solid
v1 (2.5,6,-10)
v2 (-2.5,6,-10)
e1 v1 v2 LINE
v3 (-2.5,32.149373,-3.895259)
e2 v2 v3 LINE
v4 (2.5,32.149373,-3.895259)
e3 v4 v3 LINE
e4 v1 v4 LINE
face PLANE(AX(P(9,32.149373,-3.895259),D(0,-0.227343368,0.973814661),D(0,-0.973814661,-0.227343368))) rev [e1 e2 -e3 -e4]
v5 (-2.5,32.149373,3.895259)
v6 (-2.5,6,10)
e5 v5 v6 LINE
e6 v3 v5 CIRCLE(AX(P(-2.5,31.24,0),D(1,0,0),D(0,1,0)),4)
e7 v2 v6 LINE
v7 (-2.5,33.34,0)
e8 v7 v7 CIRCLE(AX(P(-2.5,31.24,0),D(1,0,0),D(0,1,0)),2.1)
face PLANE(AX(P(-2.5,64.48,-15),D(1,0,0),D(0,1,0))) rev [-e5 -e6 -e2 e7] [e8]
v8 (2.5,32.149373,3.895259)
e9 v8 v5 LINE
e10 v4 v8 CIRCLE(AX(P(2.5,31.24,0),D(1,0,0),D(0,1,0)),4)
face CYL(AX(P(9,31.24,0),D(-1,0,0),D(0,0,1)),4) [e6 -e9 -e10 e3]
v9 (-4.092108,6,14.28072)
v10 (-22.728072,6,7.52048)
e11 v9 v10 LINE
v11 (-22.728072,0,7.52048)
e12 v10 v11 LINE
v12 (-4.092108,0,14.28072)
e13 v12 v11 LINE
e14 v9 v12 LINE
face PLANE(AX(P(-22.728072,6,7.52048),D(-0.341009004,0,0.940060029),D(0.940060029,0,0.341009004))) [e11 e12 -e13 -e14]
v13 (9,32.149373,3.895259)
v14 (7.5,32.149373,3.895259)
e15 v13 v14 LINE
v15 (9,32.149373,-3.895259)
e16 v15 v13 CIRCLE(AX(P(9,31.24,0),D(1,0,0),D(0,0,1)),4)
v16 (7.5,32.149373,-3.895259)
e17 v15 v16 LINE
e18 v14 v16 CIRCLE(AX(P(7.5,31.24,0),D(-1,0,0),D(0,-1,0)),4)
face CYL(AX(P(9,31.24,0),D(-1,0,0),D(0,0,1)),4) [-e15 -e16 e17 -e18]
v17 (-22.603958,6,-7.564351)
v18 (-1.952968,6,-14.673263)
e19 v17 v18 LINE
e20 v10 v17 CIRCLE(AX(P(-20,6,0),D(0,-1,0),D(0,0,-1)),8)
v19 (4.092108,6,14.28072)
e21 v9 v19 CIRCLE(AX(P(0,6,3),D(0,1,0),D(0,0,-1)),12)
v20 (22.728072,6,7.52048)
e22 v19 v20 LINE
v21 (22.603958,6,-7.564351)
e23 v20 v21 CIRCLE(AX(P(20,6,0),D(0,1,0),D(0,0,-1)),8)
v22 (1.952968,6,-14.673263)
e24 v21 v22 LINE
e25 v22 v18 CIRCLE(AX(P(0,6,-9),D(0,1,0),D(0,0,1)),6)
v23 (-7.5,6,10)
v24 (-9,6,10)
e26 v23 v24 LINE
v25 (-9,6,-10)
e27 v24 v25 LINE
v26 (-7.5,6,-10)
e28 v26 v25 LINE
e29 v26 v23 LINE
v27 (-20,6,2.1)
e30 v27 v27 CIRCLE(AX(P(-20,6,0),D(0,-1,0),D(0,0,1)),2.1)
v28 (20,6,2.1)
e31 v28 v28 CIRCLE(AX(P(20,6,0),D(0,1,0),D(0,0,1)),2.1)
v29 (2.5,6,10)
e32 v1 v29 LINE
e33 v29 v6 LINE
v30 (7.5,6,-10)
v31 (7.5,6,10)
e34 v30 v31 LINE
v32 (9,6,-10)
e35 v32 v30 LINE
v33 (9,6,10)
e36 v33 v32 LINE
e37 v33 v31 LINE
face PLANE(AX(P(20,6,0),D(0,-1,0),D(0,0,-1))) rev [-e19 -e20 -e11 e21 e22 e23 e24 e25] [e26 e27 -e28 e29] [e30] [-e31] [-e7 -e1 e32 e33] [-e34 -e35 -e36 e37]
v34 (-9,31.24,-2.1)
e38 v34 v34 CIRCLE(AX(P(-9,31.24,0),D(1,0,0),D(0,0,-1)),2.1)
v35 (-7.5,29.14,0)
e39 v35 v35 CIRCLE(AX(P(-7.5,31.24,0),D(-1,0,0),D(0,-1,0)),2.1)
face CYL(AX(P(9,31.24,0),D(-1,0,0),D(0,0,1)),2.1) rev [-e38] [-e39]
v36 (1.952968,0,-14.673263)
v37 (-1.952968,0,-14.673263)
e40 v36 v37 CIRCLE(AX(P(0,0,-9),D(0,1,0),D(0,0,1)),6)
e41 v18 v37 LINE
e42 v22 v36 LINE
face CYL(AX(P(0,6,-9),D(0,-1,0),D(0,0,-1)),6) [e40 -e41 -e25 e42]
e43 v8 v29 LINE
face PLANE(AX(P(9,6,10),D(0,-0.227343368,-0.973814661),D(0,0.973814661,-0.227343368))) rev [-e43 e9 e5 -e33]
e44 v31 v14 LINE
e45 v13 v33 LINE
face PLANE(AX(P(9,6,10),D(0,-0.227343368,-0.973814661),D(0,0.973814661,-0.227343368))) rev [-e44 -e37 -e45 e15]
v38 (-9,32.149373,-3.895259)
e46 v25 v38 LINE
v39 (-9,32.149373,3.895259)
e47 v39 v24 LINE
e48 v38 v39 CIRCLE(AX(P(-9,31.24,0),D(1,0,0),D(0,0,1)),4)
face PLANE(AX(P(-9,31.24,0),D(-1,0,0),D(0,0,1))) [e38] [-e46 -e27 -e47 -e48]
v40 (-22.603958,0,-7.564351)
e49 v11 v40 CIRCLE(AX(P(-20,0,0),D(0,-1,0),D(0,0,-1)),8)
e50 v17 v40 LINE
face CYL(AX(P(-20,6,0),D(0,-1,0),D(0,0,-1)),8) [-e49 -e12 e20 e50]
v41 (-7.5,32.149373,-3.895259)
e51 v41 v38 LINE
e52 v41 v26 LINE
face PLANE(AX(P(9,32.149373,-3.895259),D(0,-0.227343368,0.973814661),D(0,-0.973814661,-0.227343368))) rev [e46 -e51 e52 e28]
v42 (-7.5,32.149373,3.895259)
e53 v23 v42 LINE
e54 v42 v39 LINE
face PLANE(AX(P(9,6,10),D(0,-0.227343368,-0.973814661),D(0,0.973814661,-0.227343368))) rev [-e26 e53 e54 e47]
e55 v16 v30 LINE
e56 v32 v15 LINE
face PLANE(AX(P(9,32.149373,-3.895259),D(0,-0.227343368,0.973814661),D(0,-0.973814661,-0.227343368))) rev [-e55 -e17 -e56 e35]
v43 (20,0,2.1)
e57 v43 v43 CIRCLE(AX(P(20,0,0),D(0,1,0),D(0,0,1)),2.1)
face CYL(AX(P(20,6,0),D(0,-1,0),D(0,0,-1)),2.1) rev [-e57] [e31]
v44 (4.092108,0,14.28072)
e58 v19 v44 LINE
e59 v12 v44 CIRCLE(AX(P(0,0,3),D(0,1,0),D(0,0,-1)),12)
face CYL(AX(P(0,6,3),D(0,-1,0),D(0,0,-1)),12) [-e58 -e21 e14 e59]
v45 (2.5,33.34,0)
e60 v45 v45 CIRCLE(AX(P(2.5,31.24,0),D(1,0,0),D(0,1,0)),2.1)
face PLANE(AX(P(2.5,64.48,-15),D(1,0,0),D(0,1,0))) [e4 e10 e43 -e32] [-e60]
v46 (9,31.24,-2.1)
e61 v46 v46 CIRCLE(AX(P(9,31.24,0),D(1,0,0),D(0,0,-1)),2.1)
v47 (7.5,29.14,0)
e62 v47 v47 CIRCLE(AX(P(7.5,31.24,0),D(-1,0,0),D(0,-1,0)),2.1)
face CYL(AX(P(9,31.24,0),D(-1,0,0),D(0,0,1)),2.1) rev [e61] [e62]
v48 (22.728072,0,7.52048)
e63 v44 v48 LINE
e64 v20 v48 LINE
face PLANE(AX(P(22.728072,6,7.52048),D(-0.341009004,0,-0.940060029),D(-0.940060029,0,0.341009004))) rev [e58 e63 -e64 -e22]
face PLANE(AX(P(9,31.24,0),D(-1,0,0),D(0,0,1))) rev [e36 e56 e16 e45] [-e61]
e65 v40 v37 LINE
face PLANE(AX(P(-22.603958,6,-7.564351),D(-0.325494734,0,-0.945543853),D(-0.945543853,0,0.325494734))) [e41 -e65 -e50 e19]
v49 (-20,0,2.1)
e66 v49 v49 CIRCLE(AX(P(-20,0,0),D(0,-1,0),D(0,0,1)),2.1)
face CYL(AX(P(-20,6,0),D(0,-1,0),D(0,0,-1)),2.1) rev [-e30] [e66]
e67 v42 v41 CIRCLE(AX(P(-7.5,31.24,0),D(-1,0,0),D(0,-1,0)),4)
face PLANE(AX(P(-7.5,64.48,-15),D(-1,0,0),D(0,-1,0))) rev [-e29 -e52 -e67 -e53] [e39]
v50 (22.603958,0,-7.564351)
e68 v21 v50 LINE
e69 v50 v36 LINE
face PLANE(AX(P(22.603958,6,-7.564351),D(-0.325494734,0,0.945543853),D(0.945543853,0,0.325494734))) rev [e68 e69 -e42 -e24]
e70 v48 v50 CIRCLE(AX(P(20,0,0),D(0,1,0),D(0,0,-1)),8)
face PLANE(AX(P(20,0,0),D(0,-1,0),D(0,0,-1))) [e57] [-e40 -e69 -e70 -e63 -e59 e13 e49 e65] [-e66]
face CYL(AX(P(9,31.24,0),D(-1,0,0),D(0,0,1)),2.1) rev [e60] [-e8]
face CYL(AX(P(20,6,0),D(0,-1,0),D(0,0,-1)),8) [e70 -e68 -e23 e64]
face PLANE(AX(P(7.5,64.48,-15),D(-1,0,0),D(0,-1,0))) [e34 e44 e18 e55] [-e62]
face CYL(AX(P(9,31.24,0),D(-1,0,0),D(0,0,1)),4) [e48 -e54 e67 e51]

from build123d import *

# Parameters (mm, degrees)
SKETCH1_R           = 2.1
BOSS_EXTRUDE1_DEPTH = 6
SKETCH2_R           = 2.1
BOSS_EXTRUDE2_DEPTH = 9
SKETCH3_W           = 5
SKETCH3_H           = 58.48
CUT_EXTRUDE1_DEPTH  = 16


with BuildPart() as part:
    # Sketch1 → Boss-Extrude1 (new body)
    with BuildSketch(Plane(origin=(0, 0, 0), x_dir=(1, 0, 0), z_dir=(0, 1, 0))):
        with BuildLine():
            Line((22.603957871, 7.564350825), (1.952968403, 14.673263119))
            ThreePointArc((1.952968403, 14.673263119), (0.990055879, 14.917752053), (0, 15))
            Line((0, 15), (0, -15))
            ThreePointArc((0, -15), (2.077420969, -14.818812213), (4.092108053, -14.280720353))
            Line((4.092108053, -14.280720353), (22.728072035, -7.520480235))
            ThreePointArc((22.728072035, -7.520480235), (27.999729231, 0.065819743), (22.603957871, 7.564350825))
        make_face()
        with Locations((20, 0)):
            Circle(SKETCH1_R, mode=Mode.SUBTRACT)
    boss_extrude1 = extrude(amount=BOSS_EXTRUDE1_DEPTH)

    # Mirror1: Boss-Extrude1 across plane
    add(boss_extrude1.mirror(Plane(origin=(0, 6, -15), x_dir=(0, 0, 1), z_dir=(1, 0, 0))))

    # Sketch2 → Boss-Extrude2 (add, symmetric)
    with BuildSketch(Plane(origin=(0, 0, 0), x_dir=(0, 0, -1), z_dir=(1, 0, 0))):
        with BuildLine():
            Line((-10, 6), (-3.895258642, 32.149373472))
            ThreePointArc((-3.895258642, 32.149373472), (0, 35.24), (3.895258642, 32.149373472))
            Line((3.895258642, 32.149373472), (10, 6))
            Line((10, 6), (-10, 6))
        make_face()
        with Locations((0, 31.24)):
            Circle(SKETCH2_R, mode=Mode.SUBTRACT)
    extrude(amount=BOSS_EXTRUDE2_DEPTH, both=True)

    # Sketch3 → Cut-Extrude1 (cut, symmetric)
    with BuildSketch(Plane.XY):
        with Locations((-5, 35.24)):
            Rectangle(SKETCH3_W, SKETCH3_H)
    cut_extrude1 = extrude(amount=CUT_EXTRUDE1_DEPTH, both=True, mode=Mode.SUBTRACT)

    # Mirror2: Cut-Extrude1 across plane
    add(cut_extrude1.mirror(Plane(origin=(0, 0, 0), x_dir=(0, 0, 1), z_dir=(1, 0, 0))), mode=Mode.SUBTRACT)


solid = part.part
